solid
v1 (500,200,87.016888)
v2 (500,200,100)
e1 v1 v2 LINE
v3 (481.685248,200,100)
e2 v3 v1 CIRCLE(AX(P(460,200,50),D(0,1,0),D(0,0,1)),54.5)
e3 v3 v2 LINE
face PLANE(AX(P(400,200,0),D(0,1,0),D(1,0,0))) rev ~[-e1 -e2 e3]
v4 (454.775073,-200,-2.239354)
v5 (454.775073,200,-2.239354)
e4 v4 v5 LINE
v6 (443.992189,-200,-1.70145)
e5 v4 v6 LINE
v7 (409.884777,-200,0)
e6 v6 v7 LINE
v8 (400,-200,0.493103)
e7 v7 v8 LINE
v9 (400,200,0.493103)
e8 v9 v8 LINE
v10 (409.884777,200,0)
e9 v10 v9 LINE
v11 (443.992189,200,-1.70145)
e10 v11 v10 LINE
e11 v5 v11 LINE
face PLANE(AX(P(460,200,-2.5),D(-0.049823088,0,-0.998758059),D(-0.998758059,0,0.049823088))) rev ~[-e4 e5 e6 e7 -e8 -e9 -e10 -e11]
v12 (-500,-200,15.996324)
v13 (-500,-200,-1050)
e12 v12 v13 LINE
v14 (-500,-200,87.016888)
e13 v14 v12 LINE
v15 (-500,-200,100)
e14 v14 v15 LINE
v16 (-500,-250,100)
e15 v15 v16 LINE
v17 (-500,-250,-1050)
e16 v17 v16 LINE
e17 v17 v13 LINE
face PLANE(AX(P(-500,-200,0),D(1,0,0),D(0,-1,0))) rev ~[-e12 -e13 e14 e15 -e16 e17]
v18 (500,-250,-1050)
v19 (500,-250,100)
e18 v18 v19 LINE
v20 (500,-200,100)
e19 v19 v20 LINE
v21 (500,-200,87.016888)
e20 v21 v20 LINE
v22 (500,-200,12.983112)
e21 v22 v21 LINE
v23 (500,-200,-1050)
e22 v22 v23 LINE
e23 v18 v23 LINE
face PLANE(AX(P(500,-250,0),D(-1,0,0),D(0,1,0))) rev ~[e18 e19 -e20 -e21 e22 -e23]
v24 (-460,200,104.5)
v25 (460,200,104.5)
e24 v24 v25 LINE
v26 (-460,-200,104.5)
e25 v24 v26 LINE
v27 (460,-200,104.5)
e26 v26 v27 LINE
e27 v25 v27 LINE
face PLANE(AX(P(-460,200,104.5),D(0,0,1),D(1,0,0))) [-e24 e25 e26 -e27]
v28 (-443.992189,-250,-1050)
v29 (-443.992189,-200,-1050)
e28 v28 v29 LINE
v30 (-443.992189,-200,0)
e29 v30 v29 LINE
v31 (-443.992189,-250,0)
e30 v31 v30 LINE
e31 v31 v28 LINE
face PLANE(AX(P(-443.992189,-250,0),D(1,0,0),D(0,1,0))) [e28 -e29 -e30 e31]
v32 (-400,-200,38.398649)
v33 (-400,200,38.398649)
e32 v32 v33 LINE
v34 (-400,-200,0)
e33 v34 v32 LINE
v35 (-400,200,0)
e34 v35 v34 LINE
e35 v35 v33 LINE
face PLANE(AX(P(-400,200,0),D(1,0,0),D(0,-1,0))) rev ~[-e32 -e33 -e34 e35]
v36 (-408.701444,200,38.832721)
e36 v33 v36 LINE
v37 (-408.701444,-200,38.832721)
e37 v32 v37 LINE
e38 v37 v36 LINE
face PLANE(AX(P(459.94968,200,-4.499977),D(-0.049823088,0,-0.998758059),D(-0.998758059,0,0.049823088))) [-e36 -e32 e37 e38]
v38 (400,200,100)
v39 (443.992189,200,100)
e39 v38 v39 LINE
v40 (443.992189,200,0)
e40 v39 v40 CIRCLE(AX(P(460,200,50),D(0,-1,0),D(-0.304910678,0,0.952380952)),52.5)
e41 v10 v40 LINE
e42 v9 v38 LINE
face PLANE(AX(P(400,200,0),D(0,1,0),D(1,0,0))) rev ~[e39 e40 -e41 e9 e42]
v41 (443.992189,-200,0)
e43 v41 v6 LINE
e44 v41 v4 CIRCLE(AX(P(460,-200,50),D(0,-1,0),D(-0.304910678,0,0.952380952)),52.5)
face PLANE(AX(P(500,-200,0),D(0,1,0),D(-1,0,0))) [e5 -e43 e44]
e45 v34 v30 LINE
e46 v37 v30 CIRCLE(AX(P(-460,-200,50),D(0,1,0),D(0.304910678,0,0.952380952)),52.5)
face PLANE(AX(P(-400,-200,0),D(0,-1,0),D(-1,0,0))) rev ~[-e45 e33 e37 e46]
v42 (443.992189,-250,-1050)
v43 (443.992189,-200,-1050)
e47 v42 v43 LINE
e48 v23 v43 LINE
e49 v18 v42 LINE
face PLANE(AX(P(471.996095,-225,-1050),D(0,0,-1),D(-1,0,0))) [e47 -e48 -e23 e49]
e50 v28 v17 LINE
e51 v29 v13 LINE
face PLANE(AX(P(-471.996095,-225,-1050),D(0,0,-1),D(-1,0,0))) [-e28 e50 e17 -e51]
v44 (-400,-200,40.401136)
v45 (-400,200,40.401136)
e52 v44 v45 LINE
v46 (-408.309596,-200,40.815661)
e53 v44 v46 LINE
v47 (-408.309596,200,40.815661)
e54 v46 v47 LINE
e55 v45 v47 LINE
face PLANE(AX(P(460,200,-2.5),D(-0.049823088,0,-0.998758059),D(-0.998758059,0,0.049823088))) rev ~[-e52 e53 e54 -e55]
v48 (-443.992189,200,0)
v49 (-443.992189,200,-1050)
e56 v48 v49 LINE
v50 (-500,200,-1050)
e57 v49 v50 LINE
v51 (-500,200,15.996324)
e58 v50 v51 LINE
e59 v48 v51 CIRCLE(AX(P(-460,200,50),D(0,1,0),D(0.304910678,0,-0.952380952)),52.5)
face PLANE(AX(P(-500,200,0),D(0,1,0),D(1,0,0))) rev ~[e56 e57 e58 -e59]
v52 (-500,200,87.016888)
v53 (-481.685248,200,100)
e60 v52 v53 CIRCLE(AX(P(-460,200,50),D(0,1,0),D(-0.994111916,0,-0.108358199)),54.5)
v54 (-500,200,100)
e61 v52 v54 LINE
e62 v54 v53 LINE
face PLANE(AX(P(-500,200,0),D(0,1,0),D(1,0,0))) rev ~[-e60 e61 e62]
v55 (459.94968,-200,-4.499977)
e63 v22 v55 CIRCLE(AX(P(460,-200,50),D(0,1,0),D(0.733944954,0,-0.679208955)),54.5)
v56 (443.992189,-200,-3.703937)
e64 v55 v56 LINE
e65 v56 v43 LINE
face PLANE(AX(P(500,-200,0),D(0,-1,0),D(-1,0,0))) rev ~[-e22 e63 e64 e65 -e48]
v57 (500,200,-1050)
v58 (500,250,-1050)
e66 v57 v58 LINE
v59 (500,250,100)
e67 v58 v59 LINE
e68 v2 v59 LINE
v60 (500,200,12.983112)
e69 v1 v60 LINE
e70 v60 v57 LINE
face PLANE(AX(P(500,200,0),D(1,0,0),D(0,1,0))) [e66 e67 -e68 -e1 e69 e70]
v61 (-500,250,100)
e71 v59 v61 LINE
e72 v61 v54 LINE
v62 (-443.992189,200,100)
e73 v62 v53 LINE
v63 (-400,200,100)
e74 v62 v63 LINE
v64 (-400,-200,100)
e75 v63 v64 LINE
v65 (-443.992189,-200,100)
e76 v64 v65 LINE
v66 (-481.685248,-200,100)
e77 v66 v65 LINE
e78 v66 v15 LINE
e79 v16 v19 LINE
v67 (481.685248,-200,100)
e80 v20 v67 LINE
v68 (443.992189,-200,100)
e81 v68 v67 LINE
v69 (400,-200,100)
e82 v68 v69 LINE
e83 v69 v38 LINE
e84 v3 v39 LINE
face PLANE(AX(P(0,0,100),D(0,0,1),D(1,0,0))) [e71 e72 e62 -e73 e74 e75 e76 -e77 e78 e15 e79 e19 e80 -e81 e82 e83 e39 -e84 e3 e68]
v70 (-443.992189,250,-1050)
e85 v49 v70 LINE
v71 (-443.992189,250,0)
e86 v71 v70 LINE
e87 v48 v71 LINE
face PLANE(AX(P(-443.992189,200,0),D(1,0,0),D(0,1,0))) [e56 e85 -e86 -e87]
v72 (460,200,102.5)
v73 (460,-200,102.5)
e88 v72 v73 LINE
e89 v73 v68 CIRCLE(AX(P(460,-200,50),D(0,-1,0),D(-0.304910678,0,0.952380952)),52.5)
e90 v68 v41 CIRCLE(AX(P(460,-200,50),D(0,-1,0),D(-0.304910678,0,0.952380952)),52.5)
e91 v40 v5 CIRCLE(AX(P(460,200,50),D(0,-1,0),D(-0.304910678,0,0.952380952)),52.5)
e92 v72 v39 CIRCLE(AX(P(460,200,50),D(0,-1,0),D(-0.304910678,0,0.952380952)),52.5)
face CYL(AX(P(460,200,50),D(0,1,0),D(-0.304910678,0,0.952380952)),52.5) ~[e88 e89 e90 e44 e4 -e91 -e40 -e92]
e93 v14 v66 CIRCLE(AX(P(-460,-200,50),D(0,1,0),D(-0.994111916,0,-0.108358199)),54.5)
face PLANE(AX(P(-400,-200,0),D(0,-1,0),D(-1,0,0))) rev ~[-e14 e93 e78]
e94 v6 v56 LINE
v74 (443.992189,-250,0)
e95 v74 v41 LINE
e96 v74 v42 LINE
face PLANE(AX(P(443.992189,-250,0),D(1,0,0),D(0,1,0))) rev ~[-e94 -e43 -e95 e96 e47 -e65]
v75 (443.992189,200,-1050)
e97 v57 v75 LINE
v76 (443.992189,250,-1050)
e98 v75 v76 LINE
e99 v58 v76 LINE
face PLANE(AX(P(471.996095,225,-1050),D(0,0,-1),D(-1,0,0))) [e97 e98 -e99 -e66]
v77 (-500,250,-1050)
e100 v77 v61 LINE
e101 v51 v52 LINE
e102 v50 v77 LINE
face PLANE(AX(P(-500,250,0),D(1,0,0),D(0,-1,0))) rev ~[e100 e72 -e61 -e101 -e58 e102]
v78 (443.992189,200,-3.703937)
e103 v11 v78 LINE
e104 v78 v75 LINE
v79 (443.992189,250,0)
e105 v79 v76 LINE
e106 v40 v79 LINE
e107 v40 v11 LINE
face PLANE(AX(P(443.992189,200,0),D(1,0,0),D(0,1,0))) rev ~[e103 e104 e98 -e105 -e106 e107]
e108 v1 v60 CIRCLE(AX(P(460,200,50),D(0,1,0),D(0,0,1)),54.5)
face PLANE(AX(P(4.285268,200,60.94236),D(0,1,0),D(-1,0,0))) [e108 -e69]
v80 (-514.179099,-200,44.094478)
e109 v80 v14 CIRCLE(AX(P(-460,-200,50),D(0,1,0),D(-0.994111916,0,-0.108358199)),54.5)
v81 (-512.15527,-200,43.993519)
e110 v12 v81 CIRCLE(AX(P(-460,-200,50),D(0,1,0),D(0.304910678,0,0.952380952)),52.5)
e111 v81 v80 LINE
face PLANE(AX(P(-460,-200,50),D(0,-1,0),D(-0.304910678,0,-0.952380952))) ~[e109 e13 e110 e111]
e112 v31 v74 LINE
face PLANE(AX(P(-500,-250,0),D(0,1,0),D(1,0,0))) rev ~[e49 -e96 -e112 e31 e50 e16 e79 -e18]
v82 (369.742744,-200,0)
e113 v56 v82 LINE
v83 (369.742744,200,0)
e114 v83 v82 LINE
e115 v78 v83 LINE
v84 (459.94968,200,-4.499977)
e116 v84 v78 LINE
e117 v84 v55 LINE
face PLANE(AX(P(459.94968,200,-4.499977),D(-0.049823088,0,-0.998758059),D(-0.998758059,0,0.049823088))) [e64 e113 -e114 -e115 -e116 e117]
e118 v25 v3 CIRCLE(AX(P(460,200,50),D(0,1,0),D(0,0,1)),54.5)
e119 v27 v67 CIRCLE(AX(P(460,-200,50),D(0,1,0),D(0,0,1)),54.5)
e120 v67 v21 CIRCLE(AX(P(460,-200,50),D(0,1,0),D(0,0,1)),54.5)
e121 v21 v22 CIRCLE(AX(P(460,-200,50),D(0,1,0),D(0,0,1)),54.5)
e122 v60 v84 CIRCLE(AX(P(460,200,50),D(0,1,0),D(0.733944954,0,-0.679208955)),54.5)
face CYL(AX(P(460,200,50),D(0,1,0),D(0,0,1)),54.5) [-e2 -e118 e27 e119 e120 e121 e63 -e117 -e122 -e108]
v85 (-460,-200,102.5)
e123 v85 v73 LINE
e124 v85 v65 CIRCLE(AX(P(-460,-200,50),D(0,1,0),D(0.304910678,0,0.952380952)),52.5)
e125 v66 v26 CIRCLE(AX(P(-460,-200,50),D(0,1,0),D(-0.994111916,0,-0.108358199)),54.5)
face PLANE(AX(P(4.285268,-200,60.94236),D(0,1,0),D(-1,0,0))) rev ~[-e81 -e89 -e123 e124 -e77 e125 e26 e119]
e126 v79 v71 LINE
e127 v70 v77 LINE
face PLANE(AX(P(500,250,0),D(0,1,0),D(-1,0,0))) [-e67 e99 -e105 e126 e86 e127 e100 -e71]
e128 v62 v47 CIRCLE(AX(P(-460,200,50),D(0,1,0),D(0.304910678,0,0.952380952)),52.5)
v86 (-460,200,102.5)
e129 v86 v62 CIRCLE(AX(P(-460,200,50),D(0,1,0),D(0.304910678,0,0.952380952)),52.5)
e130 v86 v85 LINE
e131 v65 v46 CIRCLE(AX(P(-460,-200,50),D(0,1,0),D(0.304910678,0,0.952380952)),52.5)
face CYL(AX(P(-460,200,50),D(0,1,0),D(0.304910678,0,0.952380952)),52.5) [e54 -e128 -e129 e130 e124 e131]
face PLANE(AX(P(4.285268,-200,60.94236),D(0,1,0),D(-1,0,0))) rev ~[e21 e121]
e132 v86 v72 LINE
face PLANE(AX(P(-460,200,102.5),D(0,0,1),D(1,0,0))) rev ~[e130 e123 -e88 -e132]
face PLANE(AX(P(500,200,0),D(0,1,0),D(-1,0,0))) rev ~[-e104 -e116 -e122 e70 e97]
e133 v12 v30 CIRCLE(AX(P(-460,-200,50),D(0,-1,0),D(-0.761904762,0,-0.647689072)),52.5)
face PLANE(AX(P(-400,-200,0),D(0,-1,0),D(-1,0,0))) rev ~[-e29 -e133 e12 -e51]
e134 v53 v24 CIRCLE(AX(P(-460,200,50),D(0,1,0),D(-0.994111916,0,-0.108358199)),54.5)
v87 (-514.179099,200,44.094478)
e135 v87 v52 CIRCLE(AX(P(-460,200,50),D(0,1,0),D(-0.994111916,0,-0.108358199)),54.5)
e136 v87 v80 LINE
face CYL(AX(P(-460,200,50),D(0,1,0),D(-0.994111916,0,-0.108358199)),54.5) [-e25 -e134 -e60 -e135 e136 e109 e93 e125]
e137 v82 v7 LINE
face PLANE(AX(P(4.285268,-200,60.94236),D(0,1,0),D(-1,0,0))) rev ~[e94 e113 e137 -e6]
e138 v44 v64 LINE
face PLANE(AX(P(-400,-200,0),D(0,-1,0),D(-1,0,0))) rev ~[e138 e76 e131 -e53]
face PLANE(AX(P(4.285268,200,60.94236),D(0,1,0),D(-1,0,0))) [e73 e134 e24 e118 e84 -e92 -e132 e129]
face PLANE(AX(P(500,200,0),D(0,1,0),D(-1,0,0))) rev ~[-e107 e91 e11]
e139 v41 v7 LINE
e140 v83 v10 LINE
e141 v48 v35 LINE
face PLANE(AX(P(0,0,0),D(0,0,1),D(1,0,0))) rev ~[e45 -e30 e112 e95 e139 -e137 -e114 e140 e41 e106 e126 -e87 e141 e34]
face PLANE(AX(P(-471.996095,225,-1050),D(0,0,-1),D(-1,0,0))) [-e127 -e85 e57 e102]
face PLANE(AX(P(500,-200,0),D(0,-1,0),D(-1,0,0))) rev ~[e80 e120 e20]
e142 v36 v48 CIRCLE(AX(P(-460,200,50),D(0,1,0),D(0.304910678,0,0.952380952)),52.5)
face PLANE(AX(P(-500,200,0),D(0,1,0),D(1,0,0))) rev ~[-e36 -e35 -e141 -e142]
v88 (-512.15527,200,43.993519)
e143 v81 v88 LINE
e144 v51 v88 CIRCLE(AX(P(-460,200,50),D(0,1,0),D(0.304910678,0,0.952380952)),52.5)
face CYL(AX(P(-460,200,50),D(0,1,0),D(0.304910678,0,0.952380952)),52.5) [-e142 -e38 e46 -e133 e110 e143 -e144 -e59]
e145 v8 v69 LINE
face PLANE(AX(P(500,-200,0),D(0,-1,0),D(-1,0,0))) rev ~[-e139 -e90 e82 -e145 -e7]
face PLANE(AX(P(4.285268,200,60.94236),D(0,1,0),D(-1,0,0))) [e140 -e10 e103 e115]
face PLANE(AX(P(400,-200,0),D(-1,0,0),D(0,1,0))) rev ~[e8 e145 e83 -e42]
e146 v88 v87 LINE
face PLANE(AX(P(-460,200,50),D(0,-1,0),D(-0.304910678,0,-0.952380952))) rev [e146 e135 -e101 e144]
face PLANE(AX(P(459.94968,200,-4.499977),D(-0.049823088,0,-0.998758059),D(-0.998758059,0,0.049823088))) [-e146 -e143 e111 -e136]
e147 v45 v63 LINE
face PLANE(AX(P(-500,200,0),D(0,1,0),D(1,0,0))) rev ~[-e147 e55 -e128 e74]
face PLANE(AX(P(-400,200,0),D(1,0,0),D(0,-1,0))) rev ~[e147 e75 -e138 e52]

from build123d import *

# Parameters (mm, degrees)
BOSS_EXTRUDE1_DEPTH = 100
SKETCH2_R           = 52.5
BOSS_EXTRUDE2_DEPTH = 400
BOSS_EXTRUDE3_START = -400
BOSS_EXTRUDE3_DEPTH = 400
SKETCH4_W           = 56.007810594
SKETCH4_H           = 50
BOSS_EXTRUDE4_DEPTH = 1050


with BuildPart() as part:
    # Sketch1 → Boss-Extrude1 (new body)
    with BuildSketch(Plane.XY):
        Polygon((-500, 200), (-400, 200), (-400, -200), (-500, -200), (-500, -250), (500, -250), (500, -200), (400, -200), (400, 200), (500, 200), (500, 250), (-500, 250), align=None)
    extrude(amount=BOSS_EXTRUDE1_DEPTH)

    # Sketch2 → Boss-Extrude2 (add)
    with BuildSketch(Plane.XZ.offset(-200)):
        with Locations(Location((460, 50, 0), (0, 0, 107.752790162))):
            Circle(SKETCH2_R)
    boss_extrude2 = extrude(amount=BOSS_EXTRUDE2_DEPTH)

    # Mirror1: Boss-Extrude2 across plane
    add(boss_extrude2.mirror(Plane(origin=(0, 0, 0), x_dir=(0, 0, 1), z_dir=(1, 0, 0))))

    # Sketch3 → Boss-Extrude3 (add)
    with BuildSketch(Plane.XZ.offset(200).offset(BOSS_EXTRUDE3_START)):
        with BuildLine():
            Line((459.949680283, -4.49997677), (-514.179099401, 44.094478165))
            ThreePointArc((-514.179099401, 44.094478165), (-500.571547543, 86.389552484), (-460, 104.5))
            Line((-460, 104.5), (460, 104.5))
            ThreePointArc((460, 104.5), (514.499994192, 49.974840139), (459.949680283, -4.49997677))
        make_face()
        with BuildLine():
            Line((-460, 102.5), (460, 102.5))
            ThreePointArc((460, 102.5), (512.5, 50), (460, -2.5))
            Line((460, -2.5), (-512.347825784, 46.005611975))
            ThreePointArc((-512.347825784, 46.005611975), (-498.509449303, 85.682941504), (-460, 102.5))
        make_face(mode=Mode.SUBTRACT)
    extrude(amount=BOSS_EXTRUDE3_DEPTH)

    # Sketch4 → Boss-Extrude4 (add)
    with BuildSketch(Plane(origin=(0, 0, 0), x_dir=(-1, 0, 0), z_dir=(0, 0, -1))):
        with Locations((-471.996094703, 225)):
            Rectangle(SKETCH4_W, SKETCH4_H)
        with Locations((471.996094703, 225)):
            Rectangle(SKETCH4_W, SKETCH4_H)
        with Locations((471.996094703, -225)):
            Rectangle(SKETCH4_W, SKETCH4_H)
        with Locations((-471.996094703, -225)):
            Rectangle(SKETCH4_W, SKETCH4_H)
    extrude(amount=BOSS_EXTRUDE4_DEPTH)


solid = part.part
